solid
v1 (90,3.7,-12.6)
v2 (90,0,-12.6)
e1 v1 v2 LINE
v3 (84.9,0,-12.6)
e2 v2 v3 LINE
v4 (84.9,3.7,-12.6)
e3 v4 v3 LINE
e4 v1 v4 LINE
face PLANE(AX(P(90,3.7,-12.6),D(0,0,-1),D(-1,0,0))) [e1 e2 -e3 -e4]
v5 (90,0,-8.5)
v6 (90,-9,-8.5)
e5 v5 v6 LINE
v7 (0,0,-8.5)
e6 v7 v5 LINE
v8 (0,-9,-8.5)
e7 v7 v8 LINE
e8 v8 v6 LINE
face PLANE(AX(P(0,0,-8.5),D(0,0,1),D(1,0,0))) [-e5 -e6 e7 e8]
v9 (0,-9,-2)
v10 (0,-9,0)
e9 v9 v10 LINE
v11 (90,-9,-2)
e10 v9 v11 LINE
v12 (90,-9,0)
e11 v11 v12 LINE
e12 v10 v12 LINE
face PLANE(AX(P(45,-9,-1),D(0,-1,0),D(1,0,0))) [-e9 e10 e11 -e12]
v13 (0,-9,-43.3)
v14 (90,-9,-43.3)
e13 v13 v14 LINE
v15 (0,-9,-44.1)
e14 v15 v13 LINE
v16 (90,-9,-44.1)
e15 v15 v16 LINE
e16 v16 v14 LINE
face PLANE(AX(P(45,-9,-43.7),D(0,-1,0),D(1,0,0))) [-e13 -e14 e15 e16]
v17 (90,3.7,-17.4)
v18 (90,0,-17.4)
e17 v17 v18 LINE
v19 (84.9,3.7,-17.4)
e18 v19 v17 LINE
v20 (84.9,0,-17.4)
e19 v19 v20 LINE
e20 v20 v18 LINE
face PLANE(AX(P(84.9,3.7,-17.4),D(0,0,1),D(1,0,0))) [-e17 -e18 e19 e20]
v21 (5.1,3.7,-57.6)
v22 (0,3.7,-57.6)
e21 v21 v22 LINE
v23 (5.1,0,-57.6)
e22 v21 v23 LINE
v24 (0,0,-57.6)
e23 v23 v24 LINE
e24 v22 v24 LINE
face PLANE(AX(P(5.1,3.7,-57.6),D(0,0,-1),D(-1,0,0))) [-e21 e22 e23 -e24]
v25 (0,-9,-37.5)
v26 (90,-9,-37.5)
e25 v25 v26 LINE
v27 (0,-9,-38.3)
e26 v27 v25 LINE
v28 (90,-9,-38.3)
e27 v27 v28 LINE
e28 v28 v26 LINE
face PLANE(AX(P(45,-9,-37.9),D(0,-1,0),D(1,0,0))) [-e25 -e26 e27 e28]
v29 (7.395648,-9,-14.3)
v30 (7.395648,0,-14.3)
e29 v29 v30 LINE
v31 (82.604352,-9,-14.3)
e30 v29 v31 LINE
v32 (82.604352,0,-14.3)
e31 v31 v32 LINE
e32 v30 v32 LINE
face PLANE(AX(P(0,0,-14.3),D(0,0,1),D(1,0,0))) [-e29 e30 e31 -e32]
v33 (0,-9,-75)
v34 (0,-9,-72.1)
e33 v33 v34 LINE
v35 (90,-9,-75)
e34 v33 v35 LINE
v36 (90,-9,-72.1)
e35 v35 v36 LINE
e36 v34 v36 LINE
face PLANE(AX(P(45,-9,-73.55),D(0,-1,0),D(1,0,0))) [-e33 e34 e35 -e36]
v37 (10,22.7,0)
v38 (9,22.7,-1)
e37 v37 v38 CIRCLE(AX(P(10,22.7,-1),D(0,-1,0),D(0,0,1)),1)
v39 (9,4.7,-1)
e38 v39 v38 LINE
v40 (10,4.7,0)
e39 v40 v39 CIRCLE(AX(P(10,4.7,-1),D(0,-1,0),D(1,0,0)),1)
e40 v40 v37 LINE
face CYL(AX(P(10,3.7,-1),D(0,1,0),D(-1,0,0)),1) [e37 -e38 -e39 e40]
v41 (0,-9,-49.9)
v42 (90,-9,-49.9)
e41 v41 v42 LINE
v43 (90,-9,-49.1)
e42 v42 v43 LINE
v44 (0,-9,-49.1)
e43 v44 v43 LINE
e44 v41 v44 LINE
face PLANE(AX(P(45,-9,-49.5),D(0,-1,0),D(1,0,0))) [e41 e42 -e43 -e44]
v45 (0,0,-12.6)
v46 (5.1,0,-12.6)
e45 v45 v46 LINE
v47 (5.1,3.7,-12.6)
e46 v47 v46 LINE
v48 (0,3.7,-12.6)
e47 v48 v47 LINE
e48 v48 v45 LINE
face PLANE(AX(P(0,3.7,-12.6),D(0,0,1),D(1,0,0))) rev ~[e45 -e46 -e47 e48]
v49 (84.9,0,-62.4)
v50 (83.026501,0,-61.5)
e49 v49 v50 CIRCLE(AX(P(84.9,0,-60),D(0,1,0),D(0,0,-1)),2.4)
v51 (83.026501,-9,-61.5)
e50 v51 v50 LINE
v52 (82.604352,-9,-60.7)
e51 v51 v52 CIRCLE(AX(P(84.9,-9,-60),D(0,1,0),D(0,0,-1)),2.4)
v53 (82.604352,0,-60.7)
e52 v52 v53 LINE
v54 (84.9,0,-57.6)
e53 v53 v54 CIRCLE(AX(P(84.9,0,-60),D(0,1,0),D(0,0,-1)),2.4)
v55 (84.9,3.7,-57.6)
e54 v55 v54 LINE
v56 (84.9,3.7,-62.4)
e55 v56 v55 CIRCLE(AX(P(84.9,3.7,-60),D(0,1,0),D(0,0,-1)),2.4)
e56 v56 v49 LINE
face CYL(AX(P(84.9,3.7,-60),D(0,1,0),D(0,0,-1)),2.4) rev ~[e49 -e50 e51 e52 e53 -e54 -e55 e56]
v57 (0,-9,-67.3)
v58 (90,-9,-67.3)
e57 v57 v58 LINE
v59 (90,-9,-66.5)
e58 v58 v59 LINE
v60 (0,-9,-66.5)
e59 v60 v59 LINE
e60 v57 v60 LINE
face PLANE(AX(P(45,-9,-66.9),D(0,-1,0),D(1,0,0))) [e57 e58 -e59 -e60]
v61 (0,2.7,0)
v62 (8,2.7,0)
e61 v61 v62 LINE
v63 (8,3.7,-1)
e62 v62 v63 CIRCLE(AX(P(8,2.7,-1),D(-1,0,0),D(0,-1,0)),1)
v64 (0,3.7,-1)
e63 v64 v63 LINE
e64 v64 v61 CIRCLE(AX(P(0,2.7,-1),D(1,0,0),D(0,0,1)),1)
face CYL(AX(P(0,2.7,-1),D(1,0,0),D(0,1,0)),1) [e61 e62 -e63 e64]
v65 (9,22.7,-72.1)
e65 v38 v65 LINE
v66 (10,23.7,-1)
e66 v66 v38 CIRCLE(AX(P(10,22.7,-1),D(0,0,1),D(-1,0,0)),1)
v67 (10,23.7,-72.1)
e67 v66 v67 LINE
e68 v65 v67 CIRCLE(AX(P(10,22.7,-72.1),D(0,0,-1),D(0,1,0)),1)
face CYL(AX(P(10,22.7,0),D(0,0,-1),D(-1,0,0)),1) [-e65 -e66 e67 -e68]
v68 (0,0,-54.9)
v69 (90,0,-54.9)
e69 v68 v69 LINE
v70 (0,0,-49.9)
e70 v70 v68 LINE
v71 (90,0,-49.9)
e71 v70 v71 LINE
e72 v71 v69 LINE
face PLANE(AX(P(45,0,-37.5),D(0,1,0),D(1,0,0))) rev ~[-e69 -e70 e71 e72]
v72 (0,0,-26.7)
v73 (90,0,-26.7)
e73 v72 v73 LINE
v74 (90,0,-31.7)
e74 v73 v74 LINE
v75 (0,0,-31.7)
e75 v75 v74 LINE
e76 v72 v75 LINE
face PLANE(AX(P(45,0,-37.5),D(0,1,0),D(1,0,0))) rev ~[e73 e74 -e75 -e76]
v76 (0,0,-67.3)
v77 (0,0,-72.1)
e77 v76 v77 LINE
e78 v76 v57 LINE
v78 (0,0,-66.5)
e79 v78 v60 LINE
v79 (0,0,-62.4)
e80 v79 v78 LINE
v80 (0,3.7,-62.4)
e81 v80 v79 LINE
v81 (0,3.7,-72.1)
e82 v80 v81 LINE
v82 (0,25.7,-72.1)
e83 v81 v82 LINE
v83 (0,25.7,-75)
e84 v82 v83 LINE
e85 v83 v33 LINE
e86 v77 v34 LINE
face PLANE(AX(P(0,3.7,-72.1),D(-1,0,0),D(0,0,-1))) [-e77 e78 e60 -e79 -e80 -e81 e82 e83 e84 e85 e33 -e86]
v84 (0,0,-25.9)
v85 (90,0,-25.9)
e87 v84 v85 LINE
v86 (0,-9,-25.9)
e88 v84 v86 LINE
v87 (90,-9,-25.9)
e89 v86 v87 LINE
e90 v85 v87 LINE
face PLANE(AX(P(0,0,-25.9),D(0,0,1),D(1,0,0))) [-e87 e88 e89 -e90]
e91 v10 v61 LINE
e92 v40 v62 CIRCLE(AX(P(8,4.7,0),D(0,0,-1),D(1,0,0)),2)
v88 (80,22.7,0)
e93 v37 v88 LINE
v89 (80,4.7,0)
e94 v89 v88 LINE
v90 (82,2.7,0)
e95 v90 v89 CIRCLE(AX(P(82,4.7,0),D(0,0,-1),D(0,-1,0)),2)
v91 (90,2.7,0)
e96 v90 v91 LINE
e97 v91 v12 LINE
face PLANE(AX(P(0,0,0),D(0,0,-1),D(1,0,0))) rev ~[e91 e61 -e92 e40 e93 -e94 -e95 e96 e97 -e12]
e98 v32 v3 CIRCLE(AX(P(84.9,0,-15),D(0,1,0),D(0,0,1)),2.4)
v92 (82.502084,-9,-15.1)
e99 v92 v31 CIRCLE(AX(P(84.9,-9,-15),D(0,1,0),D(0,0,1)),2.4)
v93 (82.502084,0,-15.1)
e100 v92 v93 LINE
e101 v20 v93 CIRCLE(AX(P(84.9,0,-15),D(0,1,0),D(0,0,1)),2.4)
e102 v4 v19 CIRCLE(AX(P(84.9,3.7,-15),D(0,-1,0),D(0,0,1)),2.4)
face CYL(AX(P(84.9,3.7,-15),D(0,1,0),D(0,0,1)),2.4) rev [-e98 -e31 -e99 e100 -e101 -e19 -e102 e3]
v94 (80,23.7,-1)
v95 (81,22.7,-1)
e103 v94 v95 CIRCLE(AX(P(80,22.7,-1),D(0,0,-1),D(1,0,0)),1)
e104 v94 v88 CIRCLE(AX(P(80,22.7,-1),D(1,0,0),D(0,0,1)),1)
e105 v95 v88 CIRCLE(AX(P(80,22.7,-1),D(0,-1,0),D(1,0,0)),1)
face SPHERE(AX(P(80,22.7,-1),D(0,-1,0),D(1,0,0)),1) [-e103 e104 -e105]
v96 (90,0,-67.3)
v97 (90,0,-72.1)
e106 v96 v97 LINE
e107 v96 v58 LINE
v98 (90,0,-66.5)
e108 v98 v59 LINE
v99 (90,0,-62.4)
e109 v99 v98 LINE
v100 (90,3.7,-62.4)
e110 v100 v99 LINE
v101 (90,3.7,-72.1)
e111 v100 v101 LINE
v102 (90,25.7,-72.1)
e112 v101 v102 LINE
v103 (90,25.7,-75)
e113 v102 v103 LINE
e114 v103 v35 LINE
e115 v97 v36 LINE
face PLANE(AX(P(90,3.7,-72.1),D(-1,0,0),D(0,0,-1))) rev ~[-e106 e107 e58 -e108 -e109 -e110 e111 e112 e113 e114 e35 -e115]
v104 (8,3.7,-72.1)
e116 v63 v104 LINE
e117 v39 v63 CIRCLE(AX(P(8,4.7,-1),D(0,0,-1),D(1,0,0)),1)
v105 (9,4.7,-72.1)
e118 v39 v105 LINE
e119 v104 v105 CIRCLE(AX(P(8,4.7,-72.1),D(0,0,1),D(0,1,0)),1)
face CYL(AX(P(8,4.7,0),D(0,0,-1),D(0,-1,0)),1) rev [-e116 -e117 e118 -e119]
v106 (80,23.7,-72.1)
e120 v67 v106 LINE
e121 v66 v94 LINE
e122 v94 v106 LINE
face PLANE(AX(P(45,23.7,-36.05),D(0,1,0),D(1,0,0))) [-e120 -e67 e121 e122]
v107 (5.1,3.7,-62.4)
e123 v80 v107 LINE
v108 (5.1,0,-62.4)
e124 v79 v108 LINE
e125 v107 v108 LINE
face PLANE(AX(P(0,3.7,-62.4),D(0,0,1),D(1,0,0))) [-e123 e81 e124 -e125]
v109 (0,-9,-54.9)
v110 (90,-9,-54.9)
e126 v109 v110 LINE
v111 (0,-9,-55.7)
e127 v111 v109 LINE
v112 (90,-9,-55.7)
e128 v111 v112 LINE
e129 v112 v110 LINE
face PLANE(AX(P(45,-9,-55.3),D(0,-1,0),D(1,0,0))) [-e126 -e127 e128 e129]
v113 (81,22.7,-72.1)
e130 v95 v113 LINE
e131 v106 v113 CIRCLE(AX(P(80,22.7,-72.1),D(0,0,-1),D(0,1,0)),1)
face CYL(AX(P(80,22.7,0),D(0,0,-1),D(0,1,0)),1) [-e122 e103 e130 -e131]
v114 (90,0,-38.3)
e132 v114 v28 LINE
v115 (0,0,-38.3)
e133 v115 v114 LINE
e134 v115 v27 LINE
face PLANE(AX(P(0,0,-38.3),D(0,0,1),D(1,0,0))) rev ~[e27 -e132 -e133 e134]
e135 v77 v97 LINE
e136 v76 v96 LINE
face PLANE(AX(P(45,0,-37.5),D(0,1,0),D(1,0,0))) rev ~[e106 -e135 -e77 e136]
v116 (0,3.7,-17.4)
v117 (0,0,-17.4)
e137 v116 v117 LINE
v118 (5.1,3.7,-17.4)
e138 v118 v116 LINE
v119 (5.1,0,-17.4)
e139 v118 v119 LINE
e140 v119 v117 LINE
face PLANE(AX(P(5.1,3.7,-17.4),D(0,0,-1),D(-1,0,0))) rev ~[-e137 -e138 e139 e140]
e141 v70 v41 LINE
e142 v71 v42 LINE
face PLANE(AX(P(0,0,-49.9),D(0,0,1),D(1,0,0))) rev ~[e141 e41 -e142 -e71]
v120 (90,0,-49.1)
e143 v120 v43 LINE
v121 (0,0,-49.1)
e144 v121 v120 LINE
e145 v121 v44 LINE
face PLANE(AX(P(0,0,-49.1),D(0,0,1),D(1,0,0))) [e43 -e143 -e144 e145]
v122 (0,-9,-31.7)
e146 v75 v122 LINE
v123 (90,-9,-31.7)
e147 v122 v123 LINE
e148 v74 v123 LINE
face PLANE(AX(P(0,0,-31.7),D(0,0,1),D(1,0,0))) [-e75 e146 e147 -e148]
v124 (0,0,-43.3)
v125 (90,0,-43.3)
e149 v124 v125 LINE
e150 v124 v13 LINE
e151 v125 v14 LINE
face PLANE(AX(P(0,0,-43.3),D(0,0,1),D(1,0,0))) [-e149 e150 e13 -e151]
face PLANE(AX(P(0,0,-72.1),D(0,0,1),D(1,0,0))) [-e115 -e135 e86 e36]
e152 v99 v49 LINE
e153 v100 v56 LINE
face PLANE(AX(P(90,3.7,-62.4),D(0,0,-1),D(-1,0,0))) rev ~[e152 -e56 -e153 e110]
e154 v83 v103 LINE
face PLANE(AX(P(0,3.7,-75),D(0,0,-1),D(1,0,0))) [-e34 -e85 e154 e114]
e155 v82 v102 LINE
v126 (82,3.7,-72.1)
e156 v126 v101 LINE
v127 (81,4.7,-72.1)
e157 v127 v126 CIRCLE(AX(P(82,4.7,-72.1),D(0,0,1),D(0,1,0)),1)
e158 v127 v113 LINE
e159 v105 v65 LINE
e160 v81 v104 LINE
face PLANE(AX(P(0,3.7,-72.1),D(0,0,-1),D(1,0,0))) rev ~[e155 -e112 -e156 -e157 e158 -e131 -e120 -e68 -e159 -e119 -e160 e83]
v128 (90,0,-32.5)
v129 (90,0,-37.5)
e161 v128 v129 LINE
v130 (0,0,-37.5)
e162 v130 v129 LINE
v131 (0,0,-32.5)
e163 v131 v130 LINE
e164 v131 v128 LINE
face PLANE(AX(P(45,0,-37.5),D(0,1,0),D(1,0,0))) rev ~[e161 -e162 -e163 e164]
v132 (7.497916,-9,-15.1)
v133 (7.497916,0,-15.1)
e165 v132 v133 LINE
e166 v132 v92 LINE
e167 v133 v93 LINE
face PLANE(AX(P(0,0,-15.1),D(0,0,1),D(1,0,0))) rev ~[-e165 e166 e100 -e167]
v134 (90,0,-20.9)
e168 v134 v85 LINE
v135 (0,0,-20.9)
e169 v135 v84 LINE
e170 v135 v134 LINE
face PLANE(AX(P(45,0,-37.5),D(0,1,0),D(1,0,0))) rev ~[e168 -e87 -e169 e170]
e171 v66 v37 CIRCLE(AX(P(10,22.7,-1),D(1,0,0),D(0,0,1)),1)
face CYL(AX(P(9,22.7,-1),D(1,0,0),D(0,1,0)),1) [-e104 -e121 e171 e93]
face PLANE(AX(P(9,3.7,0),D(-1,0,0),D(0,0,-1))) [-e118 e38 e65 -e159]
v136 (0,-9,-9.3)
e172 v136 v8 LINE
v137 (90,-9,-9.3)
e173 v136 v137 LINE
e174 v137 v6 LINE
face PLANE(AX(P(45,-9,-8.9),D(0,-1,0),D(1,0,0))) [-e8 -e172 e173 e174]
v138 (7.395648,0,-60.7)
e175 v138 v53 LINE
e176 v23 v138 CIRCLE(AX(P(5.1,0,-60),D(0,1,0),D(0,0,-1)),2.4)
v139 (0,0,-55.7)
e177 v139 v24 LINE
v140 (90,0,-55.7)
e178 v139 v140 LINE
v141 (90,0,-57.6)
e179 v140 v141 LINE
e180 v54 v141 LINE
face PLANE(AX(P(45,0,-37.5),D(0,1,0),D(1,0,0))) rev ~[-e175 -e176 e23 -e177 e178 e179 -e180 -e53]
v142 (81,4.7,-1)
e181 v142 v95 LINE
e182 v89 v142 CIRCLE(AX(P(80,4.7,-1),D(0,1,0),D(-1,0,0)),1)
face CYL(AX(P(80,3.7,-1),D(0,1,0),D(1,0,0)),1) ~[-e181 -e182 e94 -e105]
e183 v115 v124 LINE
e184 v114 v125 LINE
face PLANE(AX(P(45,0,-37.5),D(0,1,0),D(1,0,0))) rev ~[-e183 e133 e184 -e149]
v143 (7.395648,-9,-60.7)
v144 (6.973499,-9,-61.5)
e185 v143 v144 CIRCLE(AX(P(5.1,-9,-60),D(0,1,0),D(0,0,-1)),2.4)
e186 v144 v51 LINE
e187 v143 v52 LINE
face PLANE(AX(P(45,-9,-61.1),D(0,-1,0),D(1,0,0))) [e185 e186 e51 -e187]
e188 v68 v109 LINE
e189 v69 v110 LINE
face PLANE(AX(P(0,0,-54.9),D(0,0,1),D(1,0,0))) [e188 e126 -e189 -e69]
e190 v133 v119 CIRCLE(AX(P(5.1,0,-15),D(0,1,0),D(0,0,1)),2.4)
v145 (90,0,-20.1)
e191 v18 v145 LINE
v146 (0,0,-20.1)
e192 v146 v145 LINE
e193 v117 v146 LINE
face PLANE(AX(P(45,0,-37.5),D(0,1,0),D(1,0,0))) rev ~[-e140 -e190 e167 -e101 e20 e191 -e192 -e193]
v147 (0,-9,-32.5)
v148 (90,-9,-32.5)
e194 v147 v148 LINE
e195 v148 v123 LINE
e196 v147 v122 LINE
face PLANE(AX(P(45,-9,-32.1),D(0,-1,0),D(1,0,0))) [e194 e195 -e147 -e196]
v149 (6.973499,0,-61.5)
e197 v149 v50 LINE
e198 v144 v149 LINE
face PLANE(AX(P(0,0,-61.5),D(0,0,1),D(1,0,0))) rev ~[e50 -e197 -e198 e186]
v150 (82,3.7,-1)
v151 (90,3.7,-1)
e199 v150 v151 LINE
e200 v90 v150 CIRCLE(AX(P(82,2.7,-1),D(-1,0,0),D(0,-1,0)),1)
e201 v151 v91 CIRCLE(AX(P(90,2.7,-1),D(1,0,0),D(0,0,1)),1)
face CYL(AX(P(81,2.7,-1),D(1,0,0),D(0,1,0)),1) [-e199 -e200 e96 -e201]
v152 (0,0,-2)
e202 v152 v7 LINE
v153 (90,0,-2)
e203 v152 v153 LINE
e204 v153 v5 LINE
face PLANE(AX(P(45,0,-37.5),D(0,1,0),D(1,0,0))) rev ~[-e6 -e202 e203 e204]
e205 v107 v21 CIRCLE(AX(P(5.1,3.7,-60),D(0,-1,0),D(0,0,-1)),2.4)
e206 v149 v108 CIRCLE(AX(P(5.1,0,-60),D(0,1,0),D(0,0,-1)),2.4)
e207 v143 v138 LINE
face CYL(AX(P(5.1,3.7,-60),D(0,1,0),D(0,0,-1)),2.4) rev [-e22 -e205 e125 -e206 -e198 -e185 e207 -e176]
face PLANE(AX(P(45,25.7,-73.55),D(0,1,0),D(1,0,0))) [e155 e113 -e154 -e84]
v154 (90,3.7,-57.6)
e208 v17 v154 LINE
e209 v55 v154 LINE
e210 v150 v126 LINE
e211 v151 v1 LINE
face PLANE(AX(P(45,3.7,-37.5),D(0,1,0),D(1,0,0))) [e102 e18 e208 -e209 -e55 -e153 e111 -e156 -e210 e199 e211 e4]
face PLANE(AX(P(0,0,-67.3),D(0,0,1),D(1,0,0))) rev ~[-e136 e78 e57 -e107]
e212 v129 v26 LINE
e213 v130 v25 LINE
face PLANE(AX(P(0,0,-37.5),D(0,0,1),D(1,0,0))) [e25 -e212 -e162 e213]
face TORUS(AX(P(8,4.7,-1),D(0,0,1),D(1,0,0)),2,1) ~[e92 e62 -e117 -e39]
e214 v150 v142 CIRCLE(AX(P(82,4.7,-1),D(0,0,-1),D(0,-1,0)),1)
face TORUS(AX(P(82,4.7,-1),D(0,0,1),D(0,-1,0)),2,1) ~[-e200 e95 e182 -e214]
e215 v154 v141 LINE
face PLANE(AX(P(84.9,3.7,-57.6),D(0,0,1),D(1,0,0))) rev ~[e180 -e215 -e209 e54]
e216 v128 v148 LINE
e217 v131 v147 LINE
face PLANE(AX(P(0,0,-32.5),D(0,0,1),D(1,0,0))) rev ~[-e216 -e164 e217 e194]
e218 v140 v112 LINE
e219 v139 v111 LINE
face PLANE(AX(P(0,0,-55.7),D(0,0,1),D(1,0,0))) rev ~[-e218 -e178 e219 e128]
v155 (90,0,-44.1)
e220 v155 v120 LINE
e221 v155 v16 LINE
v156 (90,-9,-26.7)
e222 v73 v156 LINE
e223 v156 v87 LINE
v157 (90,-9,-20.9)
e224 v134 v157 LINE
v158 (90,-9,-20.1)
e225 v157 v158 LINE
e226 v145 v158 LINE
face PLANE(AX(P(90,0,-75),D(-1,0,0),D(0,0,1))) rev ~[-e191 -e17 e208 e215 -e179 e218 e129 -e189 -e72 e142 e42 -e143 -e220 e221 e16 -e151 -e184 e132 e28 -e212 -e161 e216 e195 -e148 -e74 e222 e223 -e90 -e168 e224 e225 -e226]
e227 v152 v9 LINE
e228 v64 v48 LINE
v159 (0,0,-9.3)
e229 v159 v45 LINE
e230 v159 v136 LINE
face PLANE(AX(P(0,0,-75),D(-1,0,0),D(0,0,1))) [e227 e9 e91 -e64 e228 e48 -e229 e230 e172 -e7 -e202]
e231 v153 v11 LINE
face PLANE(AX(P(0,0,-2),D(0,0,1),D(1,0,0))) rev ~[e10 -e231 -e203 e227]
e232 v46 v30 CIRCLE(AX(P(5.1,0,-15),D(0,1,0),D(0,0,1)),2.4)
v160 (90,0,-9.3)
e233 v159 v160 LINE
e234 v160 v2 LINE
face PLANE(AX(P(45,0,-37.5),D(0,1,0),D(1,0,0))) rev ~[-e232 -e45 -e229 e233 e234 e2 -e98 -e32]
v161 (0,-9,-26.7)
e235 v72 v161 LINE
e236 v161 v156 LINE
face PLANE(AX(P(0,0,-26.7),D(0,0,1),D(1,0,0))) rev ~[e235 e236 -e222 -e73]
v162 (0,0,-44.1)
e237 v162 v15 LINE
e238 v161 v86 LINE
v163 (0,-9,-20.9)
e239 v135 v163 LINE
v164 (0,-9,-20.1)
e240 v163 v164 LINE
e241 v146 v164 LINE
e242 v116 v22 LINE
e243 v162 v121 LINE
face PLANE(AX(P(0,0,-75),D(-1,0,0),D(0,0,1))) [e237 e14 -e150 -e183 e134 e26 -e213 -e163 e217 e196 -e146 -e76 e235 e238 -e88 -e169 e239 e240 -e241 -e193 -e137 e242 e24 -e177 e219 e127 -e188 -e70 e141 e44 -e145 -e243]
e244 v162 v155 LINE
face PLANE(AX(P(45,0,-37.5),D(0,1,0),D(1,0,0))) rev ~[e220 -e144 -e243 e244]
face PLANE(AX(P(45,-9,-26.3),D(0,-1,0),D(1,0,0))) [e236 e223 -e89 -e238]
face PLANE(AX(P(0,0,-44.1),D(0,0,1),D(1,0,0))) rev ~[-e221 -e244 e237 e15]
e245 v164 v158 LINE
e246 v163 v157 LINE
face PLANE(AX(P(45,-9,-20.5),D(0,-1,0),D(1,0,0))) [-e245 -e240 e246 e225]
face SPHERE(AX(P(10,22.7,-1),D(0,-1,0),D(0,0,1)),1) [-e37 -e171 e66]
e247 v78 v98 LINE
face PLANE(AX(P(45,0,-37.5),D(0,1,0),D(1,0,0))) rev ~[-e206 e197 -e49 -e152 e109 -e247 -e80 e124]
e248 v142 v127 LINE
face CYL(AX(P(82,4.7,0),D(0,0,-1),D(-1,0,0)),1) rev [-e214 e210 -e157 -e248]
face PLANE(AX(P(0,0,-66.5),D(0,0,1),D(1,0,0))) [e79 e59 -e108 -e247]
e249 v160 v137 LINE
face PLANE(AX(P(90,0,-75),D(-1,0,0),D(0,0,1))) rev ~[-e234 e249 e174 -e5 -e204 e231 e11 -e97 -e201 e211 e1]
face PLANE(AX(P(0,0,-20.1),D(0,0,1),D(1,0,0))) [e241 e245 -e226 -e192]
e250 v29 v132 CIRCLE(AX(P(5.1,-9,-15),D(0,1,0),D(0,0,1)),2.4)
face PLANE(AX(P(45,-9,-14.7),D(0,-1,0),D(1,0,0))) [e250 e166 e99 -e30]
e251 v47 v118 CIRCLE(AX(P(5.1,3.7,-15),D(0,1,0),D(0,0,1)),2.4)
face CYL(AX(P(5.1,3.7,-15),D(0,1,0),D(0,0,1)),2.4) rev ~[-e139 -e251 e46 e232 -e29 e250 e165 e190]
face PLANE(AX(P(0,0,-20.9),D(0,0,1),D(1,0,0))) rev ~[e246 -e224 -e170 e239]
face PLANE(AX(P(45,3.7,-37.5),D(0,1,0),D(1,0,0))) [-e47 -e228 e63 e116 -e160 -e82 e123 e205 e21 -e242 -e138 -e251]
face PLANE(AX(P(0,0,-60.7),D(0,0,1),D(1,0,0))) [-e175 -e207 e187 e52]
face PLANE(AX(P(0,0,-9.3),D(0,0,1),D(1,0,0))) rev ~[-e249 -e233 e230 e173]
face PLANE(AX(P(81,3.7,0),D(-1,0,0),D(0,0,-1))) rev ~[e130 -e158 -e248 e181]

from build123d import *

# Parameters (mm, degrees)
ESQUISSE1_W             = 90
ESQUISSE1_H             = 75
BOSS_EXTRU_1_DEPTH      = 3.7
ESQUISSE2_W             = 90
ESQUISSE2_H             = 2.9
ESQUISSE2_H_2           = 2
ESQUISSE2_H_3           = 0.8
BOSS_EXTRU_2_DEPTH      = 9
ENL_V_MAT_EXTRU_1_DEPTH = 118.84010353
ESQUISSE4_W             = 90
ESQUISSE4_H             = 2.9
BOSS_EXTRU_3_DEPTH      = 22
ESQUISSE5_W             = 72
ESQUISSE5_H             = 72.1
BOSS_EXTRU_4_DEPTH      = 20
CONG_1_R                = 1


with BuildPart() as part:
    # Esquisse1 → Boss.-Extru.1 (new body)
    with BuildSketch(Plane(origin=(0, 0, 0), x_dir=(1, 0, 0), z_dir=(0, 1, 0))):
        with Locations((45, 37.5)):
            Rectangle(ESQUISSE1_W, ESQUISSE1_H)
    extrude(amount=BOSS_EXTRU_1_DEPTH)

    # Esquisse2 → Boss.-Extru.2 (add)
    with BuildSketch(Plane.XZ):
        with Locations((45, -73.55)):
            Rectangle(ESQUISSE2_W, ESQUISSE2_H)
        with Locations((45, -1)):
            Rectangle(ESQUISSE2_W, ESQUISSE2_H_2)
        with Locations((45, -66.9)):
            Rectangle(ESQUISSE2_W, ESQUISSE2_H_3)
        with Locations((45, -61.1)):
            Rectangle(ESQUISSE2_W, ESQUISSE2_H_3)
        with Locations((45, -55.3)):
            Rectangle(ESQUISSE2_W, ESQUISSE2_H_3)
        with Locations((45, -49.5)):
            Rectangle(ESQUISSE2_W, ESQUISSE2_H_3)
        with Locations((45, -43.7)):
            Rectangle(ESQUISSE2_W, ESQUISSE2_H_3)
        with Locations((45, -37.9)):
            Rectangle(ESQUISSE2_W, ESQUISSE2_H_3)
        with Locations((45, -32.1)):
            Rectangle(ESQUISSE2_W, ESQUISSE2_H_3)
        with Locations((45, -26.3)):
            Rectangle(ESQUISSE2_W, ESQUISSE2_H_3)
        with Locations((45, -20.5)):
            Rectangle(ESQUISSE2_W, ESQUISSE2_H_3)
        with Locations((45, -14.7)):
            Rectangle(ESQUISSE2_W, ESQUISSE2_H_3)
        with Locations((45, -8.9)):
            Rectangle(ESQUISSE2_W, ESQUISSE2_H_3)
    extrude(amount=BOSS_EXTRU_2_DEPTH)

    # Esquisse3 → Enlèv. mat.-Extru.1 (cut, through all)
    with BuildSketch(Plane(origin=(0, 3.7, 0), x_dir=(1, 0, 0), z_dir=(0, 1, 0))):
        with BuildLine():
            Line((90, 12.6), (84.9, 12.6))
            ThreePointArc((84.9, 12.6), (82.5, 15), (84.9, 17.4))
            Line((84.9, 17.4), (90, 17.4))
            Line((90, 17.4), (90, 12.6))
        make_face()
        with BuildLine():
            Line((84.9, 57.6), (90, 57.6))
            Line((90, 57.6), (90, 62.4))
            Line((90, 62.4), (84.9, 62.4))
            ThreePointArc((84.9, 62.4), (82.5, 60), (84.9, 57.6))
        make_face()
        with BuildLine():
            Line((0, 57.6), (0, 62.4))
            Line((0, 62.4), (5.1, 62.4))
            ThreePointArc((5.1, 62.4), (7.5, 60), (5.1, 57.6))
            Line((5.1, 57.6), (0, 57.6))
        make_face()
        with BuildLine():
            Line((0, 17.4), (0, 12.6))
            Line((0, 12.6), (5.1, 12.6))
            ThreePointArc((5.1, 12.6), (7.5, 15), (5.1, 17.4))
            Line((5.1, 17.4), (0, 17.4))
        make_face()
    extrude(amount=-ENL_V_MAT_EXTRU_1_DEPTH, mode=Mode.SUBTRACT)

    # Esquisse4 → Boss.-Extru.3 (add)
    with BuildSketch(Plane(origin=(0, 3.7, 0), x_dir=(1, 0, 0), z_dir=(0, 1, 0))):
        with Locations((45, 73.55)):
            Rectangle(ESQUISSE4_W, ESQUISSE4_H)
    extrude(amount=BOSS_EXTRU_3_DEPTH)

    # Esquisse5 → Boss.-Extru.4 (add)
    with BuildSketch(Plane(origin=(0, 3.7, 0), x_dir=(1, 0, 0), z_dir=(0, 1, 0))):
        with Locations((45, 36.05)):
            Rectangle(ESQUISSE5_W, ESQUISSE5_H)
    extrude(amount=BOSS_EXTRU_4_DEPTH)

    # Congé1
    cong_1_edges = [part.edges().sort_by_distance(p)[0] for p in [
        (4.5, 3.7, 0),
        (85.5, 3.7, 0),
        (9, 3.7, -36.05),
        (81, 13.7, 0),
        (81, 3.7, -36.05),
        (81, 23.7, -36.05),
        (9, 13.7, 0),
        (45, 23.7, 0),
        (9, 23.7, -36.05),
    ]]
    fillet(cong_1_edges, radius=CONG_1_R)


solid = part.part
